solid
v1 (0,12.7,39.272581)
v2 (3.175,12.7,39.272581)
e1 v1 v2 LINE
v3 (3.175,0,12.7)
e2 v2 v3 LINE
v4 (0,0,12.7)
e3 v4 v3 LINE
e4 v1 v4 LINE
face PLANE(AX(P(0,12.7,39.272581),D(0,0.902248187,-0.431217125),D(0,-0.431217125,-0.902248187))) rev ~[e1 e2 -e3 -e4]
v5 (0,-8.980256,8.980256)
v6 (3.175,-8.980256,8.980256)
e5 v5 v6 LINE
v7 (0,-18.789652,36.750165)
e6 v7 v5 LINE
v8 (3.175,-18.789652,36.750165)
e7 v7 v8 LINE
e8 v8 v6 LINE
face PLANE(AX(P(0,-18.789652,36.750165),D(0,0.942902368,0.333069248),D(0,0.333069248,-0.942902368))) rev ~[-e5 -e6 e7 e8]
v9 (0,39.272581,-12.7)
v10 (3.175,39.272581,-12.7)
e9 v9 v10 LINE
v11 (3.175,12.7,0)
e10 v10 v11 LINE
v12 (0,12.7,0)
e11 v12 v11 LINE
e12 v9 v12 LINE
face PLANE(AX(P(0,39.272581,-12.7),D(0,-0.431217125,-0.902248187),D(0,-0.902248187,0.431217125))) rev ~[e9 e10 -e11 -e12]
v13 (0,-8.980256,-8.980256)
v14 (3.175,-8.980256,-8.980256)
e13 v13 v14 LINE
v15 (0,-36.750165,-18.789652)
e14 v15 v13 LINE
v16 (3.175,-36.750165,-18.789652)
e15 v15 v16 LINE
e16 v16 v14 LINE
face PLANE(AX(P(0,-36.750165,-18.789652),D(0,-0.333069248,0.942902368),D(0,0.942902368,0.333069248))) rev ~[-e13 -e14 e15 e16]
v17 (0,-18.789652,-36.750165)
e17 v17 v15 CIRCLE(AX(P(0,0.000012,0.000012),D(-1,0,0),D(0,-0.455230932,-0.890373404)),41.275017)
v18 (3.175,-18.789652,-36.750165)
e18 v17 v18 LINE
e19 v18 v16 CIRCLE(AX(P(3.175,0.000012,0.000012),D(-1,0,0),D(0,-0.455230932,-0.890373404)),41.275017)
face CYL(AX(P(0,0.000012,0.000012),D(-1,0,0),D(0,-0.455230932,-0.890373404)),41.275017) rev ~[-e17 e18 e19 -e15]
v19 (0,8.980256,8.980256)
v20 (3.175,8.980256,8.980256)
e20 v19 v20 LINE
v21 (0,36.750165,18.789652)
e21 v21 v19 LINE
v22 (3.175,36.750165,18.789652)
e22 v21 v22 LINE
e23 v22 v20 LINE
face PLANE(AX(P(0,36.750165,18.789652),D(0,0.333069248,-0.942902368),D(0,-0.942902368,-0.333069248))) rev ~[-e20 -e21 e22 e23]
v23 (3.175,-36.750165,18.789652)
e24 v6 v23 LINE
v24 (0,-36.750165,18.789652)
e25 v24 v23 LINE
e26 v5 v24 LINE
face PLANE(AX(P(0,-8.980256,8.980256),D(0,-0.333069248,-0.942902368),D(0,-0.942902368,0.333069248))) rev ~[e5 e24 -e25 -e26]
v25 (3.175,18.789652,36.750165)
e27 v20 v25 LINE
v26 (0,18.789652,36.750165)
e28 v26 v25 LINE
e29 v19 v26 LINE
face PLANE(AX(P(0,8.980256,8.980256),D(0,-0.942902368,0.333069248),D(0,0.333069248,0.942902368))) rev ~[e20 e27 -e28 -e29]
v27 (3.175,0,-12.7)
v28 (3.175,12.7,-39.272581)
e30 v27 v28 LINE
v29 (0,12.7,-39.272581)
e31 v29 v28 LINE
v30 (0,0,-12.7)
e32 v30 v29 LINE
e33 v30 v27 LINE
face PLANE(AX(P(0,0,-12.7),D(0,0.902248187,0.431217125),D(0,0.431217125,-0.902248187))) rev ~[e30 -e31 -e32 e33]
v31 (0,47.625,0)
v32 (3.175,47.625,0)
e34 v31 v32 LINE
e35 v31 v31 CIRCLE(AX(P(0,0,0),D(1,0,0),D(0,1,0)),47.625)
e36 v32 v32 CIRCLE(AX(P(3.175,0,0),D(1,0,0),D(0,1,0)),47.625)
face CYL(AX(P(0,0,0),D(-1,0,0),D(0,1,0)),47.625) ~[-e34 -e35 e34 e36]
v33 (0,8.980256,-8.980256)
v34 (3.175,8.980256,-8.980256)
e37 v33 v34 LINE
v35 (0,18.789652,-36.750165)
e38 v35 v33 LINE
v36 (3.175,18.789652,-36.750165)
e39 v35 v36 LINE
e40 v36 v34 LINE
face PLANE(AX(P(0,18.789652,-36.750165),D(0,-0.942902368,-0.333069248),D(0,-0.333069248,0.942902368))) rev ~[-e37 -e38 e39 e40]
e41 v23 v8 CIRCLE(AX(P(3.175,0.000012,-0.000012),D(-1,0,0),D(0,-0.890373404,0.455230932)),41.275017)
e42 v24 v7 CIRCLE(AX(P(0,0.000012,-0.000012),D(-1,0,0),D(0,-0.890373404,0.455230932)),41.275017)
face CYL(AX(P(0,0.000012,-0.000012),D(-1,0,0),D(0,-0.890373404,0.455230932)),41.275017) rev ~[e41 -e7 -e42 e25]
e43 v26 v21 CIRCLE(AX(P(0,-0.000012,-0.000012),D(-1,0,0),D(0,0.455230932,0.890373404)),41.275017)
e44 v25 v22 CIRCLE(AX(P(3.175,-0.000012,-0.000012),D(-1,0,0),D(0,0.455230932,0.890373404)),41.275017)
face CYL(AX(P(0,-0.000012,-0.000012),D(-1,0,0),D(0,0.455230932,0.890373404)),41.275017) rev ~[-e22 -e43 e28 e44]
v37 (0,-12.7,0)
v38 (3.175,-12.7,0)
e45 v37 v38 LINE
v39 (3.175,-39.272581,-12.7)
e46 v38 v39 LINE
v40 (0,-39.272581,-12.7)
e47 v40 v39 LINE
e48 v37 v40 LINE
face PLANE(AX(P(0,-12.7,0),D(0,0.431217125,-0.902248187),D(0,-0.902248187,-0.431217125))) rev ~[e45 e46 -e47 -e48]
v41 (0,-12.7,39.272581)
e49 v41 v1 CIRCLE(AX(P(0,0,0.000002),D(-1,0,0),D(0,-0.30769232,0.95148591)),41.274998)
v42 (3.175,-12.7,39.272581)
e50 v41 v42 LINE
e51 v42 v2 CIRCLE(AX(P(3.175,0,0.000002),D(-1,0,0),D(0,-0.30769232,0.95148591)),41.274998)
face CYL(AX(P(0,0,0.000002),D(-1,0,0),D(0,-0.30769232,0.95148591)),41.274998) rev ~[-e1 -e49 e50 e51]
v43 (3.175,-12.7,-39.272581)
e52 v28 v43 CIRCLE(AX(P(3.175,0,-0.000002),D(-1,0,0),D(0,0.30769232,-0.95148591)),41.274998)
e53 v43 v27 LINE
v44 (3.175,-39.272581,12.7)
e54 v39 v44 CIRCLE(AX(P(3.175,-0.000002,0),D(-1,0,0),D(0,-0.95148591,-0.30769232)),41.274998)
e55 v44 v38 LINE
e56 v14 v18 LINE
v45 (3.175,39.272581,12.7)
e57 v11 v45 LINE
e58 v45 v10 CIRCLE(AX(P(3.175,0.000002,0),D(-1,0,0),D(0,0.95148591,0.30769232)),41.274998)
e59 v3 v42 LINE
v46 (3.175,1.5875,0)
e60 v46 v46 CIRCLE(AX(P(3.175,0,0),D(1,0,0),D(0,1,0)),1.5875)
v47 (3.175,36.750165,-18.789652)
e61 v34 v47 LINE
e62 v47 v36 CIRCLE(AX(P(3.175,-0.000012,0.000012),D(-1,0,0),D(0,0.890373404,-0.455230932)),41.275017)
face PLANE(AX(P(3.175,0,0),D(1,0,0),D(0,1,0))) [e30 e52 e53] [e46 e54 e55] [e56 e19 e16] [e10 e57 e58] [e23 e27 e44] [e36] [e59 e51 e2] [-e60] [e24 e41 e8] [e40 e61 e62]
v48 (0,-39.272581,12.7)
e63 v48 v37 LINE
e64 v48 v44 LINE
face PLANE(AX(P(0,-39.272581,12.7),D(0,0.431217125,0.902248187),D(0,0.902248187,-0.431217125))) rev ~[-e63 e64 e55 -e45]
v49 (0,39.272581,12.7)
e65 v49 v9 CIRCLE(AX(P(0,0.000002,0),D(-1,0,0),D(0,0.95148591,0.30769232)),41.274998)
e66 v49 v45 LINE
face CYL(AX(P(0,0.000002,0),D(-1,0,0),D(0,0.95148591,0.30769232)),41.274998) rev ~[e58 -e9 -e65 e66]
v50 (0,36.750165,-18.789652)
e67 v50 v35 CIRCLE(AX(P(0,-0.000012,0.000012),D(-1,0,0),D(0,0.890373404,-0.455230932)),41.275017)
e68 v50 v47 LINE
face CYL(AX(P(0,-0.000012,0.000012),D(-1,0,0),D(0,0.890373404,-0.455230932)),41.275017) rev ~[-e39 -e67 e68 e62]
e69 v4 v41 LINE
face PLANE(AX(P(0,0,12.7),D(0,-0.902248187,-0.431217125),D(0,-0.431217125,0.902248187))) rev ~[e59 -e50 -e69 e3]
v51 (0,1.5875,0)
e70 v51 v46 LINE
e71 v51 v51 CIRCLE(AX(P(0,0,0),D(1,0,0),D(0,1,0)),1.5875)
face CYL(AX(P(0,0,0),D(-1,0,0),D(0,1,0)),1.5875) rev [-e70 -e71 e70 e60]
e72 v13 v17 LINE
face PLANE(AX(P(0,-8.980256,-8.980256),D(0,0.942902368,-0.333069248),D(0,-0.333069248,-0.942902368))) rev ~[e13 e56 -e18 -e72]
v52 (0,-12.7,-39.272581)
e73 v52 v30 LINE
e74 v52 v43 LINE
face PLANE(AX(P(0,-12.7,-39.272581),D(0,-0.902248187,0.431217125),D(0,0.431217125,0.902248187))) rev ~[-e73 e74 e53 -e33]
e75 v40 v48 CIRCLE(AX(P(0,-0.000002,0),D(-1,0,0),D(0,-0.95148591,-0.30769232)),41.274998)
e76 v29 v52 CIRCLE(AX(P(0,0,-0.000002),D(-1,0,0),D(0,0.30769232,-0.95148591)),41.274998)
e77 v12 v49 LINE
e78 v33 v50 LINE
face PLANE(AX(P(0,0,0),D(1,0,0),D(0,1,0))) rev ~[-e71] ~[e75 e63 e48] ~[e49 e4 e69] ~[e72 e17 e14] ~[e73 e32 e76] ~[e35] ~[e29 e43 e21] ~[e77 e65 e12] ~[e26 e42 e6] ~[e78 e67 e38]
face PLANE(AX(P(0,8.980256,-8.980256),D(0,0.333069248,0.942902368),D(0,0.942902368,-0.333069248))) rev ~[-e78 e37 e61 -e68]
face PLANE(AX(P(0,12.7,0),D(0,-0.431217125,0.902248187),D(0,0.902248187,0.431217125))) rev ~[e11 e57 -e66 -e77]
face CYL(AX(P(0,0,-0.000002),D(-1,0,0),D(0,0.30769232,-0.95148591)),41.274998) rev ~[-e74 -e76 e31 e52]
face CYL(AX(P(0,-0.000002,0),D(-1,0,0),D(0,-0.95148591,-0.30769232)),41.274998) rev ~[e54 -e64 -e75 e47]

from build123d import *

# Parameters (mm, degrees)
F0_R     = 47.625
F0_R_2   = 1.5875
F1_DEPTH = 3.175


with BuildPart() as f1:
    # F0 (on Right) → F1 (new body)
    with BuildSketch(Plane.YZ):
        Circle(F0_R)
        with BuildLine():
            Line((-8.980256, -8.980256), (-18.789652, -36.750165))
            ThreePointArc((-18.789652, -36.750165), (-29.185832, -29.185832), (-36.750165, -18.789652))
            Line((-36.750165, -18.789652), (-8.980256, -8.980256))
        make_face(mode=Mode.SUBTRACT)
        with BuildLine():
            Line((0, -12.7), (12.7, -39.272581))
            ThreePointArc((12.7, -39.272581), (0, -41.275), (-12.7, -39.272581))
            Line((-12.7, -39.272581), (0, -12.7))
        make_face(mode=Mode.SUBTRACT)
        with BuildLine():
            Line((8.980256, -8.980256), (36.750165, -18.789652))
            ThreePointArc((36.750165, -18.789652), (29.185832, -29.185832), (18.789652, -36.750165))
            Line((18.789652, -36.750165), (8.980256, -8.980256))
        make_face(mode=Mode.SUBTRACT)
        with BuildLine():
            Line((-12.7, 0), (-39.272581, -12.7))
            ThreePointArc((-39.272581, -12.7), (-41.275, 0), (-39.272581, 12.7))
            Line((-39.272581, 12.7), (-12.7, 0))
        make_face(mode=Mode.SUBTRACT)
        with BuildLine():
            Line((-8.980256, 8.980256), (-36.750165, 18.789652))
            ThreePointArc((-36.750165, 18.789652), (-29.185832, 29.185832), (-18.789652, 36.750165))
            Line((-18.789652, 36.750165), (-8.980256, 8.980256))
        make_face(mode=Mode.SUBTRACT)
        Circle(F0_R_2, mode=Mode.SUBTRACT)
        with BuildLine():
            Line((8.980256, 8.980256), (18.789652, 36.750165))
            ThreePointArc((18.789652, 36.750165), (29.185832, 29.185832), (36.750165, 18.789652))
            Line((36.750165, 18.789652), (8.980256, 8.980256))
        make_face(mode=Mode.SUBTRACT)
        with BuildLine():
            Line((12.7, 0), (39.272581, 12.7))
            ThreePointArc((39.272581, 12.7), (41.275, 0), (39.272581, -12.7))
            Line((39.272581, -12.7), (12.7, 0))
        make_face(mode=Mode.SUBTRACT)
        with BuildLine():
            Line((0, 12.7), (-12.7, 39.272581))
            ThreePointArc((-12.7, 39.272581), (0, 41.275), (12.7, 39.272581))
            Line((12.7, 39.272581), (0, 12.7))
        make_face(mode=Mode.SUBTRACT)
    extrude(amount=F1_DEPTH)


solid = f1.part
